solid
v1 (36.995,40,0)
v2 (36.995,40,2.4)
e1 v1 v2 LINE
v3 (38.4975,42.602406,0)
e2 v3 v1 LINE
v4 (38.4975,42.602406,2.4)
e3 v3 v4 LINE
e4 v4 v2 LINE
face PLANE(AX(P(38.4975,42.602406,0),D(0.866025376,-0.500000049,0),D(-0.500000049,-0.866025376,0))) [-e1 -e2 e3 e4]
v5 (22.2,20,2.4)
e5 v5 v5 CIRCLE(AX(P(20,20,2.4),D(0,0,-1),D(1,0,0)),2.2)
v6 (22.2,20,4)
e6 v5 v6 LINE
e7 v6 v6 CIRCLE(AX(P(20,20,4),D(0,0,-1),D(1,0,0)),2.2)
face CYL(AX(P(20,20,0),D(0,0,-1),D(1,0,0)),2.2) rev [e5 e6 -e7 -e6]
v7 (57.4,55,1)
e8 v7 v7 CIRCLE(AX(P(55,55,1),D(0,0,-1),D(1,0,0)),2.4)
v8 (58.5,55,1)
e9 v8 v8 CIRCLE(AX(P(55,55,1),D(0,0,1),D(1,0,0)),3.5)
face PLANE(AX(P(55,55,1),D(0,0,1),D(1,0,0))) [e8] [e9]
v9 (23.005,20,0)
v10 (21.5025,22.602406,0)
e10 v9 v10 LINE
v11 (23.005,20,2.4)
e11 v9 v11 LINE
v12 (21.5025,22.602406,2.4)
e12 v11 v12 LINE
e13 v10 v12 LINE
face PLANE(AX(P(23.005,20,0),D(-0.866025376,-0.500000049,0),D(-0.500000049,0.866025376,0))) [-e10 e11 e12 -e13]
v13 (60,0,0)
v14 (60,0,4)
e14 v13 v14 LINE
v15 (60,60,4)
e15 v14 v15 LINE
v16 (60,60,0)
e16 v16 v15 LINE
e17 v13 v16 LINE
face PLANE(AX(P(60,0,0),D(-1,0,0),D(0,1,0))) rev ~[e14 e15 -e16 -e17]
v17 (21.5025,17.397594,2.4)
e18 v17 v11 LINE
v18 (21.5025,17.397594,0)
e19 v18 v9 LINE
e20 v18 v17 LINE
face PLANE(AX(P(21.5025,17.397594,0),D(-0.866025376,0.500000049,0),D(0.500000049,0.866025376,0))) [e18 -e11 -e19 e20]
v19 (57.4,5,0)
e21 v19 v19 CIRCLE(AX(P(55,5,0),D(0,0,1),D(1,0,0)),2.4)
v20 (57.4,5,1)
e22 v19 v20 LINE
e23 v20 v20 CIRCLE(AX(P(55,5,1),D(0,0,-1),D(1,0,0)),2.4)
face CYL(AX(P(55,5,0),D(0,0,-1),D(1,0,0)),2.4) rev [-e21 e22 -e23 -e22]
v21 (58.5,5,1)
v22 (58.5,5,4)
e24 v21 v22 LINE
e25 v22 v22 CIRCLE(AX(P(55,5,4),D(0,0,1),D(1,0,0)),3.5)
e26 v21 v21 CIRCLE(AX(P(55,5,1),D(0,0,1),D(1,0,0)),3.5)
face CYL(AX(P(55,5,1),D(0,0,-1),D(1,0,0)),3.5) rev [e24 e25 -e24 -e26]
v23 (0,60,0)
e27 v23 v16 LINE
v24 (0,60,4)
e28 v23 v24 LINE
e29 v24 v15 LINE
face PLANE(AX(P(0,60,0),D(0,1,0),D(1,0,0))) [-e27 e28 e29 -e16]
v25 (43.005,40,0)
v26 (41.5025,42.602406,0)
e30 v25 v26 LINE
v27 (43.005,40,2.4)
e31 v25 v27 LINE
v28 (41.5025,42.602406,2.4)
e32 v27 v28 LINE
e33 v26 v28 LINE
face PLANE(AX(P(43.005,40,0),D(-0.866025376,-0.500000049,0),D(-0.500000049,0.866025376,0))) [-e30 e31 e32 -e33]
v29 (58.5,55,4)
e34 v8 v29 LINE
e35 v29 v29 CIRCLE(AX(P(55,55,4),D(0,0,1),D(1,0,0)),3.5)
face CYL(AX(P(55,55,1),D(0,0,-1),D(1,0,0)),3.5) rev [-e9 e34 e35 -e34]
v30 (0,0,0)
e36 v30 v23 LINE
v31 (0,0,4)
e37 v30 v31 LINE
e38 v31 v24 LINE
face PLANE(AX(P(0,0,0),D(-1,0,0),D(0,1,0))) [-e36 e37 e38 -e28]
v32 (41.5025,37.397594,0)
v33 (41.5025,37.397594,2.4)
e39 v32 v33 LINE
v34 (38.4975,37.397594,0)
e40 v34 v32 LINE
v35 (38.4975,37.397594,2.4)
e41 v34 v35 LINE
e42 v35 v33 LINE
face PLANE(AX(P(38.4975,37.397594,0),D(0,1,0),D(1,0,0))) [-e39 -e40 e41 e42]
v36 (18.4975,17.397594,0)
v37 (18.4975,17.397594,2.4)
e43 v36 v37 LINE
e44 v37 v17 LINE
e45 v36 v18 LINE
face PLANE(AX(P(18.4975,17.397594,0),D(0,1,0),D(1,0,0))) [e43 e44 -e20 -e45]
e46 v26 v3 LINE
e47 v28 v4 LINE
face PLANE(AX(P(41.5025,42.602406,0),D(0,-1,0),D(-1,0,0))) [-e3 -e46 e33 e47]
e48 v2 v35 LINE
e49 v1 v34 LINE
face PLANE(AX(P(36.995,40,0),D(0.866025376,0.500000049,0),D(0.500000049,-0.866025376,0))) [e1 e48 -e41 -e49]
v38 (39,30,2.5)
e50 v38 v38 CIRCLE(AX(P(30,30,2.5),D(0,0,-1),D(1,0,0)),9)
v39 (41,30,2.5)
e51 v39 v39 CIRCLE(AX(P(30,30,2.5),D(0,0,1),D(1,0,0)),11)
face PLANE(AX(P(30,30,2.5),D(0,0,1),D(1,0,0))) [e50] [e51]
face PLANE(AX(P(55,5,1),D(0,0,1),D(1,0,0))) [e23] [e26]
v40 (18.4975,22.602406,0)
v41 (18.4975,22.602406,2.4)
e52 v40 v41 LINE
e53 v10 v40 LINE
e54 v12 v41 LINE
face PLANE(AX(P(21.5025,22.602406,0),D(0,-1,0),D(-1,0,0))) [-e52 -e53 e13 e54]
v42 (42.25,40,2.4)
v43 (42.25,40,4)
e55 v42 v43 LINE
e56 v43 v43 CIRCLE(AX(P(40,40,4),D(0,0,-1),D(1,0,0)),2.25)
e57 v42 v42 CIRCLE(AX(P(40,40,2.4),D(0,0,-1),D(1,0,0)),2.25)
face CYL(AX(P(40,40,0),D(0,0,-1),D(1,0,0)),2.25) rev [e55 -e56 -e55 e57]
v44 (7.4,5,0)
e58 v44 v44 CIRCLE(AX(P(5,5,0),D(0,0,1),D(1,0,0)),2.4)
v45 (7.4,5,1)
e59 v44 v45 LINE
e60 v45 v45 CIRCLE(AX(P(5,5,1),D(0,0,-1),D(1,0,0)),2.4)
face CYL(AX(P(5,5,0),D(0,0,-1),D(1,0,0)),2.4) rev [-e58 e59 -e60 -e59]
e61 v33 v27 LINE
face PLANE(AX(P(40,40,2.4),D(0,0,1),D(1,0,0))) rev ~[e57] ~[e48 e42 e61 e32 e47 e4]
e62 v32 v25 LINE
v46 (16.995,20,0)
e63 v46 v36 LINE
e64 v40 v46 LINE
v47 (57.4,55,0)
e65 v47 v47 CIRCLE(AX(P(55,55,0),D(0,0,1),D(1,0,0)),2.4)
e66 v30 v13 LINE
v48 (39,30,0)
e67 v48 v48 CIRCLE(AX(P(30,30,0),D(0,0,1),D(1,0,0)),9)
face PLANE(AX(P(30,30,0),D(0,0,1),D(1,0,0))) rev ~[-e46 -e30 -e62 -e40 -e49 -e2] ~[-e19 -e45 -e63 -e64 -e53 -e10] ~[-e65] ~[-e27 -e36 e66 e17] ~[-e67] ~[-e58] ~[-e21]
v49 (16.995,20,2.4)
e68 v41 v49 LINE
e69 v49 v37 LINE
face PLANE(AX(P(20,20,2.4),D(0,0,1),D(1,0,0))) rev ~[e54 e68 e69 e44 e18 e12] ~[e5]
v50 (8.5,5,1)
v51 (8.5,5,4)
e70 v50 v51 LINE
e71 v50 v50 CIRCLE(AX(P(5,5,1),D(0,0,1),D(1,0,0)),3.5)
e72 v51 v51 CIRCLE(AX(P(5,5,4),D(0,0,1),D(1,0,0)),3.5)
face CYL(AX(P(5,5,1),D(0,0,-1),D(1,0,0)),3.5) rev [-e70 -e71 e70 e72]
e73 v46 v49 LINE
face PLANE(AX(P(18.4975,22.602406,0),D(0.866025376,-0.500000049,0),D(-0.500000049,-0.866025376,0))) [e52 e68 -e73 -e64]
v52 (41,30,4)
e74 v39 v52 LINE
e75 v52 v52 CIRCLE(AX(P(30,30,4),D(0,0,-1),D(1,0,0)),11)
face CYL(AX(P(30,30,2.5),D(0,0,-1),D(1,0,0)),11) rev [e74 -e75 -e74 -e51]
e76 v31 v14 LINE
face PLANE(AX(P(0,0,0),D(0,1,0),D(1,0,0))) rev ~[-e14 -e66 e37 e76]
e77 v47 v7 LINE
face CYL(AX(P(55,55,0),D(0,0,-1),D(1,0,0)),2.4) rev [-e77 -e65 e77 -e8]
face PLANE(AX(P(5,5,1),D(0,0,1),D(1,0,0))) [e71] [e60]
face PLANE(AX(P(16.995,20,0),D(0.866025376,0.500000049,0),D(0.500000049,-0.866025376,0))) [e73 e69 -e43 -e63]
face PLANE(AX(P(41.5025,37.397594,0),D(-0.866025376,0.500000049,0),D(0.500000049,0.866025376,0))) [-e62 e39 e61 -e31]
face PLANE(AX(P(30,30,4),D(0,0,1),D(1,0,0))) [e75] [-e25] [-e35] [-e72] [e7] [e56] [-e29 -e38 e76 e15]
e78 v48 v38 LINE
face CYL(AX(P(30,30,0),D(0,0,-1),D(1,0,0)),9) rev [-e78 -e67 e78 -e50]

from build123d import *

# Parameters (mm, degrees)
CYLINDER031_R     = 2.25
CYLINDER031_DEPTH = 10
EXTRUDE002_DEPTH  = 2.4
CYLINDER030_R     = 2.2
CYLINDER030_DEPTH = 10
EXTRUDE001_DEPTH  = 2.4
CYLINDER029_R     = 11
CYLINDER029_DEPTH = 10
CYLINDER022_R     = 9
CYLINDER022_DEPTH = 10
CYLINDER024_R     = 3.5
CYLINDER024_DEPTH = 3
CYLINDER023_R     = 2.4
CYLINDER023_DEPTH = 10
CYLINDER026_R     = 3.5
CYLINDER026_DEPTH = 3
CYLINDER025_R     = 2.4
CYLINDER025_DEPTH = 10
CYLINDER028_R     = 3.5
CYLINDER028_DEPTH = 3
CYLINDER027_R     = 2.4
CYLINDER027_DEPTH = 10
BOX005_W          = 60
BOX005_H          = 60
BOX005_DEPTH      = 4


with BuildPart() as cylinder031:
    # Cylinder031 → Cylinder031 (new body)
    with BuildSketch(Plane(origin=(40, 40, 0), x_dir=(1, 0, 0), z_dir=(0, 0, 1))):
        Circle(CYLINDER031_R)
    extrude(amount=CYLINDER031_DEPTH)


with BuildPart() as fusion026:
    # Sketch002 → Extrude002 (new body)
    with BuildSketch(Plane.XY):
        Polygon((-3.005, 0), (-1.5025, -2.602406), (1.5025, -2.602406), (3.005, 0), (1.5025, 2.602406), (-1.5025, 2.602406), align=None)
    extrude(amount=EXTRUDE002_DEPTH)


with BuildPart() as fusion026_1:
    # Extrude002 placement: moved
    add(fusion026.part.moved(Location((40, 40, 0))))

    # Fusion026: union Cylinder031
    add(cylinder031.part)


with BuildPart() as cylinder030:
    # Cylinder030 → Cylinder030 (new body)
    with BuildSketch(Plane(origin=(20, 20, 0), x_dir=(1, 0, 0), z_dir=(0, 0, 1))):
        Circle(CYLINDER030_R)
    extrude(amount=CYLINDER030_DEPTH)


with BuildPart() as compound004:
    # Sketch001 → Extrude001 (new body)
    with BuildSketch(Plane.XY):
        Polygon((-3.005, 0), (-1.5025, -2.602406), (1.5025, -2.602406), (3.005, 0), (1.5025, 2.602406), (-1.5025, 2.602406), align=None)
    extrude(amount=EXTRUDE001_DEPTH)


with BuildPart() as compound004_1:
    # Extrude001 placement: moved
    add(compound004.part.moved(Location((20, 20, 0))))

    # Fusion025: union Cylinder030
    add(cylinder030.part)

    # Compound004: union Fusion026
    add(fusion026_1.part)


with BuildPart() as cylinder029:
    # Cylinder029 → Cylinder029 (new body)
    with BuildSketch(Plane(origin=(30, 30, 2.5), x_dir=(1, 0, 0), z_dir=(0, 0, 1))):
        Circle(CYLINDER029_R)
    extrude(amount=CYLINDER029_DEPTH)


with BuildPart() as cylinder022:
    # Cylinder022 → Cylinder022 (new body)
    with BuildSketch(Plane(origin=(30, 30, 0), x_dir=(1, 0, 0), z_dir=(0, 0, 1))):
        Circle(CYLINDER022_R)
    extrude(amount=CYLINDER022_DEPTH)


with BuildPart() as cylinder024:
    # Cylinder024 → Cylinder024 (new body)
    with BuildSketch(Plane.XY.offset(1)):
        Circle(CYLINDER024_R)
    extrude(amount=CYLINDER024_DEPTH)


with BuildPart() as fusion022:
    # Cylinder023 → Cylinder023 (new body)
    with BuildSketch(Plane.XY):
        Circle(CYLINDER023_R)
    extrude(amount=CYLINDER023_DEPTH)

    # Fusion022: union Cylinder024
    add(cylinder024.part)


with BuildPart() as fusion022_1:
    # Fusion022 placement: moved
    add(fusion022.part.moved(Location((5, 5, 0))))


with BuildPart() as cylinder026:
    # Cylinder026 → Cylinder026 (new body)
    with BuildSketch(Plane.XY.offset(1)):
        Circle(CYLINDER026_R)
    extrude(amount=CYLINDER026_DEPTH)


with BuildPart() as fusion023:
    # Cylinder025 → Cylinder025 (new body)
    with BuildSketch(Plane.XY):
        Circle(CYLINDER025_R)
    extrude(amount=CYLINDER025_DEPTH)

    # Fusion023: union Cylinder026
    add(cylinder026.part)


with BuildPart() as fusion023_1:
    # Fusion023 placement: moved
    add(fusion023.part.moved(Location((55, 5, 0))))


with BuildPart() as cylinder028:
    # Cylinder028 → Cylinder028 (new body)
    with BuildSketch(Plane.XY.offset(1)):
        Circle(CYLINDER028_R)
    extrude(amount=CYLINDER028_DEPTH)


with BuildPart() as compound003:
    # Cylinder027 → Cylinder027 (new body)
    with BuildSketch(Plane.XY):
        Circle(CYLINDER027_R)
    extrude(amount=CYLINDER027_DEPTH)

    # Fusion024: union Cylinder028
    add(cylinder028.part)


with BuildPart() as compound003_1:
    # Fusion024 placement: moved
    add(compound003.part.moved(Location((55, 55, 0))))

    # Compound003: union Fusion022, Fusion023
    add(fusion022_1.part)
    add(fusion023_1.part)


with BuildPart() as kinematicmount_holder01_20mm:
    # Box005 → Box005 (new body)
    with BuildSketch(Plane.XY):
        with Locations((30, 30)):
            Rectangle(BOX005_W, BOX005_H)
    extrude(amount=BOX005_DEPTH)

    # Cut007: cut Compound003
    add(compound003_1.part, mode=Mode.SUBTRACT)

    # Cut008: cut Cylinder022
    add(cylinder022.part, mode=Mode.SUBTRACT)

    # Cut009: cut Cylinder029
    add(cylinder029.part, mode=Mode.SUBTRACT)

    # Cut010: cut Compound004
    add(compound004_1.part, mode=Mode.SUBTRACT)


solid = kinematicmount_holder01_20mm.part
